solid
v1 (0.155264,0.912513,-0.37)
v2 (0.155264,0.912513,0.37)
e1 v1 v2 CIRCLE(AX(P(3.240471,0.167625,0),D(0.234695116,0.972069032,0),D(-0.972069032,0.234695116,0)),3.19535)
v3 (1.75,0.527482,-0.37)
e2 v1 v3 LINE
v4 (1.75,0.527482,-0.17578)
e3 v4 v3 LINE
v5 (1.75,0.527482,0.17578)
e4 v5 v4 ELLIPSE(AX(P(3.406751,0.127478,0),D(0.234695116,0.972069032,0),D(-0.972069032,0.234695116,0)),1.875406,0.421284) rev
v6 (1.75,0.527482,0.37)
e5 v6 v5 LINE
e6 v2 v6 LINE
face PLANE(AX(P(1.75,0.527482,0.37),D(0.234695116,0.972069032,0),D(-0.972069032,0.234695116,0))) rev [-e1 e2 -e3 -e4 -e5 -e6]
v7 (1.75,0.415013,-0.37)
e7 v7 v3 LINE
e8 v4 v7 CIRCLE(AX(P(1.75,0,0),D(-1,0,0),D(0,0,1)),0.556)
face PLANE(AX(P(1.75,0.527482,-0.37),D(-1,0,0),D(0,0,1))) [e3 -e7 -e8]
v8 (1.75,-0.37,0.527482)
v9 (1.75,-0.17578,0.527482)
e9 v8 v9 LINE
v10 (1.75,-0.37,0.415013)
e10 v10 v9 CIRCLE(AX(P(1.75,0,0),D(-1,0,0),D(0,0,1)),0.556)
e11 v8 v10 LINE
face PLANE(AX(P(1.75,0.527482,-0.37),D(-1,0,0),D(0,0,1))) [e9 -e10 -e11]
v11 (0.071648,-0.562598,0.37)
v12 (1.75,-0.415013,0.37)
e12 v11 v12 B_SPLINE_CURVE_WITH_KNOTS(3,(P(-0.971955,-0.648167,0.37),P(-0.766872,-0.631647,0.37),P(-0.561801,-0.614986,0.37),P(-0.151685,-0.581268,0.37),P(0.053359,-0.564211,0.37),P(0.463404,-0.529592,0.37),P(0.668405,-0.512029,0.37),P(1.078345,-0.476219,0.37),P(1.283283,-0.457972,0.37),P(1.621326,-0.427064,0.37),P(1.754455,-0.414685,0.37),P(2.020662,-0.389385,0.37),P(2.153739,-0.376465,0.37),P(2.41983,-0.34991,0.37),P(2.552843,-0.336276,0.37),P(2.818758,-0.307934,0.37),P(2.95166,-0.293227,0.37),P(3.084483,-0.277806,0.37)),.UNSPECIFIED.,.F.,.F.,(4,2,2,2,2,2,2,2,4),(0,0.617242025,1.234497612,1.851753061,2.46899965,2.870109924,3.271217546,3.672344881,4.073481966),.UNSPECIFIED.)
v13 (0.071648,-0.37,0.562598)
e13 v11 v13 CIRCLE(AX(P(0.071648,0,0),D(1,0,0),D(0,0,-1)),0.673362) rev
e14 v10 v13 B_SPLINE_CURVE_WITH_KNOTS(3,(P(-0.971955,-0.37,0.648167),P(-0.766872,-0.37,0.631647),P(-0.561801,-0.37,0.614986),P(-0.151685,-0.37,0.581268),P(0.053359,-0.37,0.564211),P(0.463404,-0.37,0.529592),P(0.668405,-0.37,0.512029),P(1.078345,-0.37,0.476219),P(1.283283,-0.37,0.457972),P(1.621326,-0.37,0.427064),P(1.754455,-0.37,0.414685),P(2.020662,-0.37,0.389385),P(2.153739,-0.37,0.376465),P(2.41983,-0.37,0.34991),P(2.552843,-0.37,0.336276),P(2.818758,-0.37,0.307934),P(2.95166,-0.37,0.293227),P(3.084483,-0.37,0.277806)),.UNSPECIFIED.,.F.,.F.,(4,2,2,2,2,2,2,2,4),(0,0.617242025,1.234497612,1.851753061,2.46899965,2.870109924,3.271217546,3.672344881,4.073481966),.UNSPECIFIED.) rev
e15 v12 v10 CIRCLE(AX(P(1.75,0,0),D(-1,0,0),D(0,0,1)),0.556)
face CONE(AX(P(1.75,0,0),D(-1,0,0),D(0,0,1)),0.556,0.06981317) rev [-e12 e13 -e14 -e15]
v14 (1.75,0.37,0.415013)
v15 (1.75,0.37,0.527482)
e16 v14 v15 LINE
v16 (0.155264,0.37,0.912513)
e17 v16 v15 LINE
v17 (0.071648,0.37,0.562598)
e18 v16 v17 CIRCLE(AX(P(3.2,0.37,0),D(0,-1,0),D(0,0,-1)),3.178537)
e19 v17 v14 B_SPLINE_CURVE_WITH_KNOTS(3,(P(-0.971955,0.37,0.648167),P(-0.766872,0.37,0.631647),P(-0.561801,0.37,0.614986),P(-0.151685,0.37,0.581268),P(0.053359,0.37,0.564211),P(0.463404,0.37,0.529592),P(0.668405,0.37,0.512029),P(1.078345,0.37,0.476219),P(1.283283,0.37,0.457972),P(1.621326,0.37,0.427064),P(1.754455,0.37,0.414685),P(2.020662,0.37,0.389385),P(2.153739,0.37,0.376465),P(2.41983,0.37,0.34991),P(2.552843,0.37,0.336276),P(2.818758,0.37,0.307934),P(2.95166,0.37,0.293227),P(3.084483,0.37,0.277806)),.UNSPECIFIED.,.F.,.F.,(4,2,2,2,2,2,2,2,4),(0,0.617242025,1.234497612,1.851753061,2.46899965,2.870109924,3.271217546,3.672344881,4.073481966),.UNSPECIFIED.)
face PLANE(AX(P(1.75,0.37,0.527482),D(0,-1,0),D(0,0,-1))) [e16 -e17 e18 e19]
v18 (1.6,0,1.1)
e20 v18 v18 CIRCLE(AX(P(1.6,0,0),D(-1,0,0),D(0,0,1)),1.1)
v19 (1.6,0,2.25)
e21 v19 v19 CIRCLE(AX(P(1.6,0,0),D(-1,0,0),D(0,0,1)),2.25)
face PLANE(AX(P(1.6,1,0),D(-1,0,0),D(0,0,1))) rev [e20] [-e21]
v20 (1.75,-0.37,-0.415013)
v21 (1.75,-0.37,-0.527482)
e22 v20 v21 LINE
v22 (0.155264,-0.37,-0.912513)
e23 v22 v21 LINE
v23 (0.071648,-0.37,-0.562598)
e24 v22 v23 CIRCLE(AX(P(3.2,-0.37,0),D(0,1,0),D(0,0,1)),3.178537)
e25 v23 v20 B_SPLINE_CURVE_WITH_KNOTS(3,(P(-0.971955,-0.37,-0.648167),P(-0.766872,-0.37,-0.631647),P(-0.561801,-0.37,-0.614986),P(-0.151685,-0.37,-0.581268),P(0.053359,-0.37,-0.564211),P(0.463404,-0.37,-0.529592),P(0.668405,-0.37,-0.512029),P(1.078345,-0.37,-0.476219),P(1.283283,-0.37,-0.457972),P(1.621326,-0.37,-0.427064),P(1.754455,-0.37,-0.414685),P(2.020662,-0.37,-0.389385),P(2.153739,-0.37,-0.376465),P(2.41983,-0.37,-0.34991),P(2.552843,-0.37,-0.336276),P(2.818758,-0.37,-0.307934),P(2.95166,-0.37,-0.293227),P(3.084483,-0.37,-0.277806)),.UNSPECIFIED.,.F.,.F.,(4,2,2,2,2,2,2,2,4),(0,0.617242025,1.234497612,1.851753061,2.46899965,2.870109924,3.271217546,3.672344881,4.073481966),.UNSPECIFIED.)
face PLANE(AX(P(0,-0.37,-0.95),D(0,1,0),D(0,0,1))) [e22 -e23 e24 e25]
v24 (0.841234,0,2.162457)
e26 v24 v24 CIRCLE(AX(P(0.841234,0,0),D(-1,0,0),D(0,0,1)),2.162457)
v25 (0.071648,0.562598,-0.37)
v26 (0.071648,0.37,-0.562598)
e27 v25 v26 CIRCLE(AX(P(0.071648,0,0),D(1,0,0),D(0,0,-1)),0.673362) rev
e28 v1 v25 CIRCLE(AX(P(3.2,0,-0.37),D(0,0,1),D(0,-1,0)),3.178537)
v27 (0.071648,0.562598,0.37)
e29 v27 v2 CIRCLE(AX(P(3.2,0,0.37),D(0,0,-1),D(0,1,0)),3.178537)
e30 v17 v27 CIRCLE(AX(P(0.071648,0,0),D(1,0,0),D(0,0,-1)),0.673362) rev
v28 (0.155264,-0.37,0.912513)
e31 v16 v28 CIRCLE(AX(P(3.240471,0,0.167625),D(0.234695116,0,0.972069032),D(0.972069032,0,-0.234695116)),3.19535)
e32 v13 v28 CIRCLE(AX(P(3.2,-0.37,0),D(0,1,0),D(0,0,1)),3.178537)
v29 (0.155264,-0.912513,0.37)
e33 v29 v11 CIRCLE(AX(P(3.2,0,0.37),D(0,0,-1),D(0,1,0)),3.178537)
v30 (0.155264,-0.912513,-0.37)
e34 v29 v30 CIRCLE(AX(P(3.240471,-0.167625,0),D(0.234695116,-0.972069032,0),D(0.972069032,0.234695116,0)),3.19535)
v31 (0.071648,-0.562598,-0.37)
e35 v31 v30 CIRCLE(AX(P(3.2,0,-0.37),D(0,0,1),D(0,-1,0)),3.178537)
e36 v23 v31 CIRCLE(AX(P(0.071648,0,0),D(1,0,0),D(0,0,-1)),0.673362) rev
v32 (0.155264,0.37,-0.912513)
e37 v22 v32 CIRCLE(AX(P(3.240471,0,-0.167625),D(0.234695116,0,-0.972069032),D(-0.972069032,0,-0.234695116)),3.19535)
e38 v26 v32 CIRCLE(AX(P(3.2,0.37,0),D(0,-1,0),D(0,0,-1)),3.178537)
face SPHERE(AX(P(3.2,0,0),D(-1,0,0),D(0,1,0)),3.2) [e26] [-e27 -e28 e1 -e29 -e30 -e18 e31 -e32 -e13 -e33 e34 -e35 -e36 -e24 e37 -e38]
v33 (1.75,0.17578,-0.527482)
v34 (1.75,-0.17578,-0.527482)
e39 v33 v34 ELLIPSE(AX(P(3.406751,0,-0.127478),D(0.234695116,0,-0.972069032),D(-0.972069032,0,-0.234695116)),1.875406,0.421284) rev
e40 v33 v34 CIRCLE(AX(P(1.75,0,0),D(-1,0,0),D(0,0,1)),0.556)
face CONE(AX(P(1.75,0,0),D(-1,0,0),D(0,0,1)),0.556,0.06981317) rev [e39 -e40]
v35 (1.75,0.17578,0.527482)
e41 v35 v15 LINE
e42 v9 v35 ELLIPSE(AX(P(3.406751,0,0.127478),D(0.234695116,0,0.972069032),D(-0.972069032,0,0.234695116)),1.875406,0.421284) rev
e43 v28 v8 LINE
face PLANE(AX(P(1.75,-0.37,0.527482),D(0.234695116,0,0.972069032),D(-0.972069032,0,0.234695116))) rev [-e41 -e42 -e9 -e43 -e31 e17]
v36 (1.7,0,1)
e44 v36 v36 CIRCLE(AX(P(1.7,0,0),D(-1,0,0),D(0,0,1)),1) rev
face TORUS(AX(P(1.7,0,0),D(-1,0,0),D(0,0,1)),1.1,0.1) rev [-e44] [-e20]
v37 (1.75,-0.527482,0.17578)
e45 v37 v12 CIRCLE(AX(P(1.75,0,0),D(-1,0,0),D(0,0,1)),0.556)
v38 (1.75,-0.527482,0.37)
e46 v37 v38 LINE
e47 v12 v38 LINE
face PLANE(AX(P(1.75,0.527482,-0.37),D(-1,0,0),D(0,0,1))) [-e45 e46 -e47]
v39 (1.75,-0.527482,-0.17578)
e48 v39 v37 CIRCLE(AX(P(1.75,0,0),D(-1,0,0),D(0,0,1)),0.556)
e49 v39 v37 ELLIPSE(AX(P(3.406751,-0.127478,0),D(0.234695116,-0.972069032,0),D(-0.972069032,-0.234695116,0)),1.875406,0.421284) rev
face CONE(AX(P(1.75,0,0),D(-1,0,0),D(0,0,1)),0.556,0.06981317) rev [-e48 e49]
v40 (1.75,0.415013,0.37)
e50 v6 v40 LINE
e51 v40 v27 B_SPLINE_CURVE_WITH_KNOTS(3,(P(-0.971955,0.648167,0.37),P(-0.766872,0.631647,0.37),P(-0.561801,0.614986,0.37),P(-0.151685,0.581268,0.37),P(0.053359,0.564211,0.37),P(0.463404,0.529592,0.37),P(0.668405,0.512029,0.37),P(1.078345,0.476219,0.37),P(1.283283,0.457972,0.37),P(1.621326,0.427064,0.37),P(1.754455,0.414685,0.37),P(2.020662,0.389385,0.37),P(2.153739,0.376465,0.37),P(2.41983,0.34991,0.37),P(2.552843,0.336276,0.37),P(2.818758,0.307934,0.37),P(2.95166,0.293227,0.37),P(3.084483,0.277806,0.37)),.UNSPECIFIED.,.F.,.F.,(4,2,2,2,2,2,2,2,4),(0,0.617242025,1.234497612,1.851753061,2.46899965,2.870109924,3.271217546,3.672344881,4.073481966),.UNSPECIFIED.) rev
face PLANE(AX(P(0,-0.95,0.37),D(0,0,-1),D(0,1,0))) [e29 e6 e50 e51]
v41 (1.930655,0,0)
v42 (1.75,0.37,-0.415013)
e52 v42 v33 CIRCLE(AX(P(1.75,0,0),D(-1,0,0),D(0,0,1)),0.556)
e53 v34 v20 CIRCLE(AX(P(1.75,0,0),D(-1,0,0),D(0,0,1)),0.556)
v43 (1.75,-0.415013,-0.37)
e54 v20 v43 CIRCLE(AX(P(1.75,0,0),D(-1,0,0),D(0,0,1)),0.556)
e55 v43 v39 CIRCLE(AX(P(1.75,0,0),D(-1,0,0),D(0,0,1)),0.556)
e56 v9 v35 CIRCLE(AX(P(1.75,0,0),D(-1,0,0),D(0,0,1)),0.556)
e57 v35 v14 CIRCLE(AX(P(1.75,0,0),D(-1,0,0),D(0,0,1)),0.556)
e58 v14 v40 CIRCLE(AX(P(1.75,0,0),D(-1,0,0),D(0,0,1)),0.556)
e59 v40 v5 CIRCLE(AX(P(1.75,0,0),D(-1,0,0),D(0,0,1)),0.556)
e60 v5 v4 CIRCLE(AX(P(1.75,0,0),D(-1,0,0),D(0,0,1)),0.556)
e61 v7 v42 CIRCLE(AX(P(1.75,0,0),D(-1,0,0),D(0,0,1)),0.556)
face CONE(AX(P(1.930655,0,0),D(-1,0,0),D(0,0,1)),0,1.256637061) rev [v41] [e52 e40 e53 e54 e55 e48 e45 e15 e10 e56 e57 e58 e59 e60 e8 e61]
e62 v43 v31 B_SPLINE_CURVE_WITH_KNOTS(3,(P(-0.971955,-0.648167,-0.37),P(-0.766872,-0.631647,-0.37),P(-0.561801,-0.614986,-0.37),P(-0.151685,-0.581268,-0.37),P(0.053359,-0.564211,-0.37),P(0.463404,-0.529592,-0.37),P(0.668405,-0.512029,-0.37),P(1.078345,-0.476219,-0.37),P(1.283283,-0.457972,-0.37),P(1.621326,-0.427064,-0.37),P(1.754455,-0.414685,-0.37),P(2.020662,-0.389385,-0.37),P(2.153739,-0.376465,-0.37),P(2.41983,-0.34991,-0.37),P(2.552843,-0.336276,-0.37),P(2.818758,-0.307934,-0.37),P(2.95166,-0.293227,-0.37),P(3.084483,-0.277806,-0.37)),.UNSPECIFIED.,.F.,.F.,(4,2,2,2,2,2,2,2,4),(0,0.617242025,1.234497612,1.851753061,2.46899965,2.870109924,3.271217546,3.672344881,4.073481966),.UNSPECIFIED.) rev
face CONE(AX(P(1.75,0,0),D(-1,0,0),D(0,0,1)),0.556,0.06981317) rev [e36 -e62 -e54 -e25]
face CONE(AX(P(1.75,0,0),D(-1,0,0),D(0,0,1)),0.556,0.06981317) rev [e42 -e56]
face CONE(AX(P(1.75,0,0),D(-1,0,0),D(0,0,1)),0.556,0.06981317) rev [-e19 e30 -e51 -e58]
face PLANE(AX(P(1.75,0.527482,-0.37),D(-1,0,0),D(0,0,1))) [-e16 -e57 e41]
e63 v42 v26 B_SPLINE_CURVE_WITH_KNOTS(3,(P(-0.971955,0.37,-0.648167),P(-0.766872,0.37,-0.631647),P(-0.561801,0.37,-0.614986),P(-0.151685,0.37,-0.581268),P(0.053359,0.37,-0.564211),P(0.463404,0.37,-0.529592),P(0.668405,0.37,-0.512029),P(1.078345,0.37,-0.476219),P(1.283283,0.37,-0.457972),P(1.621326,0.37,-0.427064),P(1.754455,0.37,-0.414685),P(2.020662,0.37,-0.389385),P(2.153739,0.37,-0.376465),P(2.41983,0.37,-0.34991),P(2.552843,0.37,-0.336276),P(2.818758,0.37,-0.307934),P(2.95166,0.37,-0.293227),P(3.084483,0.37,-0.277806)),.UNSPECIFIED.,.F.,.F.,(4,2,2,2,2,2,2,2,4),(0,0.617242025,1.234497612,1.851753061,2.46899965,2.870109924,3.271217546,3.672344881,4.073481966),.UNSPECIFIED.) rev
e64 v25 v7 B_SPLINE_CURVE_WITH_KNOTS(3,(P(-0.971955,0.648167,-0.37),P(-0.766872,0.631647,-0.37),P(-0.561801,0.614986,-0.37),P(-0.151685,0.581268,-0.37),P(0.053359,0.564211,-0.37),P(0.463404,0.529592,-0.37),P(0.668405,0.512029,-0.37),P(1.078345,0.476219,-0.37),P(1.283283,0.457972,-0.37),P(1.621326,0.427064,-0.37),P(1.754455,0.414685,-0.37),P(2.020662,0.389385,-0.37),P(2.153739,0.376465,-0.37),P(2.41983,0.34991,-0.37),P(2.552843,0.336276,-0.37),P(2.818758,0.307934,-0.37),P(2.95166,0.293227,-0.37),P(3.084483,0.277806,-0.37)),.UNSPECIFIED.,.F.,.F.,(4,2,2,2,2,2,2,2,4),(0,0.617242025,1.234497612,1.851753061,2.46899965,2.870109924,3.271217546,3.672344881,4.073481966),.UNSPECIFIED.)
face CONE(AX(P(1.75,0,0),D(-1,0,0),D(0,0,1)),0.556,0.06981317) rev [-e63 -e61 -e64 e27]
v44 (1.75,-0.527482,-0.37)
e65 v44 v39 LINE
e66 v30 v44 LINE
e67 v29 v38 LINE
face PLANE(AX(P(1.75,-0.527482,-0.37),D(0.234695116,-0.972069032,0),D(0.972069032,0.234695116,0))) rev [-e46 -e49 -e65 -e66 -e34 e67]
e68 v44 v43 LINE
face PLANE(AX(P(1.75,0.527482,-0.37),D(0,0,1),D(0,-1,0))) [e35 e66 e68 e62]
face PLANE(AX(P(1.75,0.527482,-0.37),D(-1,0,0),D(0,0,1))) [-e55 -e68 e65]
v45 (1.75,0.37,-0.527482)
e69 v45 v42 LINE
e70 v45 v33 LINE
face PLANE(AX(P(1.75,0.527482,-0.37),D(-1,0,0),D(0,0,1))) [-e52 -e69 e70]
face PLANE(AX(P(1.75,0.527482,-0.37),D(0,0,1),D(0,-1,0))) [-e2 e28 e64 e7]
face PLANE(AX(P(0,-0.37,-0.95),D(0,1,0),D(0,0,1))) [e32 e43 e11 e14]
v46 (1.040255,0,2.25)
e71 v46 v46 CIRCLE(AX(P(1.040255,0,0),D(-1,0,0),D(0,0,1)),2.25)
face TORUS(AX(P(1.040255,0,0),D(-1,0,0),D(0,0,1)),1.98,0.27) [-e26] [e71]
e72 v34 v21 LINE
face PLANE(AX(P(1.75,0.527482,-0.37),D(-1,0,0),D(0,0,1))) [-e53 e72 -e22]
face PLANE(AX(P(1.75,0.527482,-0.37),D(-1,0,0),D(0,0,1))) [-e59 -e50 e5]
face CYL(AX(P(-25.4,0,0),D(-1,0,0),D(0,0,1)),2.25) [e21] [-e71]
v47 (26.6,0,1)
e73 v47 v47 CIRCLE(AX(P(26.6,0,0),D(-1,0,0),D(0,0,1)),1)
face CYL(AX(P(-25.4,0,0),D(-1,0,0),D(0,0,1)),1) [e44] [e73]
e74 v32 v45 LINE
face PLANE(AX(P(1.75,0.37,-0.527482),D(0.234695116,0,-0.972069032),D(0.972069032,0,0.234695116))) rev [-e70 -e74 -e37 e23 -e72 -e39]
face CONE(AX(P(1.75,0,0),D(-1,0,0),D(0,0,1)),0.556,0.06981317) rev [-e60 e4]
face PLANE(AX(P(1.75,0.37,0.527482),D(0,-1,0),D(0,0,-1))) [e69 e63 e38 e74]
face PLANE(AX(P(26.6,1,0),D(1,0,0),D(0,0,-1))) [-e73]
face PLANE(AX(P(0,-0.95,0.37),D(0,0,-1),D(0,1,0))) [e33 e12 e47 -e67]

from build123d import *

# Parameters (mm, degrees)
FILLET1_R    = 0.1
RECPAT_COUNT = 2
RECPAT_ANGLE = 90


with BuildPart() as part:
    # BodySke → Base-Revolve (revolve)
    with BuildSketch(Plane.XY, mode=Mode.PRIVATE) as base_revolve_sk:
        with BuildLine():
            Line((1.6, 1), (1.6, 2.25))
            Line((1.6, 2.25), (1.040254645, 2.25))
            ThreePointArc((1.040254645, 2.25), (0.931542827, 2.227147204), (0.841233742, 2.162457338))
            ThreePointArc((0.841233742, 2.162457338), (0.217714632, 1.16016119), (0, 0))
            Line((0, 0), (26.6, 0))
            Line((26.6, 0), (26.6, 1))
            Line((26.6, 1), (1.6, 1))
        make_face()
    revolve(base_revolve_sk.sketch.rotate(Axis((-25.4, 0, 0), (1, 0, 0)), 90), axis=Axis((-25.4, 0, 0), (1, 0, 0)))

    # Fillet1
    fillet1_edges = [part.edges().sort_by_distance(p)[0] for p in [
        (1.6, 0, -1),
    ]]
    fillet(fillet1_edges, radius=FILLET1_R)

    # Sketch3 → Recess section 0
    with BuildSketch(Plane(origin=(0, 0, 0), x_dir=(0, 0, -1), z_dir=(1, 0, 0))):
        with BuildLine():
            Line((0.37, -0.95), (-0.37, -0.95))
            Line((-0.37, -0.95), (-0.37, 0.95))
            Line((-0.37, 0.95), (0.37, 0.95))
            Line((0.37, 0.95), (0.37, -0.95))
        make_face()
    # Sketch4 → Recess section 1
    with BuildSketch(Plane(origin=(1.75, 0, 0), x_dir=(0, 0, -1), z_dir=(1, 0, 0))):
        with BuildLine():
            Line((0.37, -0.527482216), (-0.37, -0.527482216))
            Line((-0.37, -0.527482216), (-0.37, 0.527482216))
            Line((-0.37, 0.527482216), (0.37, 0.527482216))
            Line((0.37, 0.527482216), (0.37, -0.527482216))
        make_face()
    recess = loft(mode=Mode.SUBTRACT)

    # RecPat: Recess ×2 about axis
    recpat_axis = Axis((0, 0, 0), (1, 0, 0))
    for i in range(1, RECPAT_COUNT):
        add(recess.rotate(recpat_axis, i * RECPAT_ANGLE / (RECPAT_COUNT - 1)), mode=Mode.SUBTRACT)

    # RecCorSke → RecessCore (revolve, cut)
    with BuildSketch(Plane.XY, mode=Mode.PRIVATE) as recesscore_sk:
        Polygon((0, 0), (0, 0.678371921), (1.75, 0.556), (1.930655351, 0), align=None)
    revolve(recesscore_sk.sketch.rotate(Axis((-3.175, 0, 0), (1, 0, 0)), 22.071251507), axis=Axis((-3.175, 0, 0), (1, 0, 0)), mode=Mode.SUBTRACT)


solid = part.part
